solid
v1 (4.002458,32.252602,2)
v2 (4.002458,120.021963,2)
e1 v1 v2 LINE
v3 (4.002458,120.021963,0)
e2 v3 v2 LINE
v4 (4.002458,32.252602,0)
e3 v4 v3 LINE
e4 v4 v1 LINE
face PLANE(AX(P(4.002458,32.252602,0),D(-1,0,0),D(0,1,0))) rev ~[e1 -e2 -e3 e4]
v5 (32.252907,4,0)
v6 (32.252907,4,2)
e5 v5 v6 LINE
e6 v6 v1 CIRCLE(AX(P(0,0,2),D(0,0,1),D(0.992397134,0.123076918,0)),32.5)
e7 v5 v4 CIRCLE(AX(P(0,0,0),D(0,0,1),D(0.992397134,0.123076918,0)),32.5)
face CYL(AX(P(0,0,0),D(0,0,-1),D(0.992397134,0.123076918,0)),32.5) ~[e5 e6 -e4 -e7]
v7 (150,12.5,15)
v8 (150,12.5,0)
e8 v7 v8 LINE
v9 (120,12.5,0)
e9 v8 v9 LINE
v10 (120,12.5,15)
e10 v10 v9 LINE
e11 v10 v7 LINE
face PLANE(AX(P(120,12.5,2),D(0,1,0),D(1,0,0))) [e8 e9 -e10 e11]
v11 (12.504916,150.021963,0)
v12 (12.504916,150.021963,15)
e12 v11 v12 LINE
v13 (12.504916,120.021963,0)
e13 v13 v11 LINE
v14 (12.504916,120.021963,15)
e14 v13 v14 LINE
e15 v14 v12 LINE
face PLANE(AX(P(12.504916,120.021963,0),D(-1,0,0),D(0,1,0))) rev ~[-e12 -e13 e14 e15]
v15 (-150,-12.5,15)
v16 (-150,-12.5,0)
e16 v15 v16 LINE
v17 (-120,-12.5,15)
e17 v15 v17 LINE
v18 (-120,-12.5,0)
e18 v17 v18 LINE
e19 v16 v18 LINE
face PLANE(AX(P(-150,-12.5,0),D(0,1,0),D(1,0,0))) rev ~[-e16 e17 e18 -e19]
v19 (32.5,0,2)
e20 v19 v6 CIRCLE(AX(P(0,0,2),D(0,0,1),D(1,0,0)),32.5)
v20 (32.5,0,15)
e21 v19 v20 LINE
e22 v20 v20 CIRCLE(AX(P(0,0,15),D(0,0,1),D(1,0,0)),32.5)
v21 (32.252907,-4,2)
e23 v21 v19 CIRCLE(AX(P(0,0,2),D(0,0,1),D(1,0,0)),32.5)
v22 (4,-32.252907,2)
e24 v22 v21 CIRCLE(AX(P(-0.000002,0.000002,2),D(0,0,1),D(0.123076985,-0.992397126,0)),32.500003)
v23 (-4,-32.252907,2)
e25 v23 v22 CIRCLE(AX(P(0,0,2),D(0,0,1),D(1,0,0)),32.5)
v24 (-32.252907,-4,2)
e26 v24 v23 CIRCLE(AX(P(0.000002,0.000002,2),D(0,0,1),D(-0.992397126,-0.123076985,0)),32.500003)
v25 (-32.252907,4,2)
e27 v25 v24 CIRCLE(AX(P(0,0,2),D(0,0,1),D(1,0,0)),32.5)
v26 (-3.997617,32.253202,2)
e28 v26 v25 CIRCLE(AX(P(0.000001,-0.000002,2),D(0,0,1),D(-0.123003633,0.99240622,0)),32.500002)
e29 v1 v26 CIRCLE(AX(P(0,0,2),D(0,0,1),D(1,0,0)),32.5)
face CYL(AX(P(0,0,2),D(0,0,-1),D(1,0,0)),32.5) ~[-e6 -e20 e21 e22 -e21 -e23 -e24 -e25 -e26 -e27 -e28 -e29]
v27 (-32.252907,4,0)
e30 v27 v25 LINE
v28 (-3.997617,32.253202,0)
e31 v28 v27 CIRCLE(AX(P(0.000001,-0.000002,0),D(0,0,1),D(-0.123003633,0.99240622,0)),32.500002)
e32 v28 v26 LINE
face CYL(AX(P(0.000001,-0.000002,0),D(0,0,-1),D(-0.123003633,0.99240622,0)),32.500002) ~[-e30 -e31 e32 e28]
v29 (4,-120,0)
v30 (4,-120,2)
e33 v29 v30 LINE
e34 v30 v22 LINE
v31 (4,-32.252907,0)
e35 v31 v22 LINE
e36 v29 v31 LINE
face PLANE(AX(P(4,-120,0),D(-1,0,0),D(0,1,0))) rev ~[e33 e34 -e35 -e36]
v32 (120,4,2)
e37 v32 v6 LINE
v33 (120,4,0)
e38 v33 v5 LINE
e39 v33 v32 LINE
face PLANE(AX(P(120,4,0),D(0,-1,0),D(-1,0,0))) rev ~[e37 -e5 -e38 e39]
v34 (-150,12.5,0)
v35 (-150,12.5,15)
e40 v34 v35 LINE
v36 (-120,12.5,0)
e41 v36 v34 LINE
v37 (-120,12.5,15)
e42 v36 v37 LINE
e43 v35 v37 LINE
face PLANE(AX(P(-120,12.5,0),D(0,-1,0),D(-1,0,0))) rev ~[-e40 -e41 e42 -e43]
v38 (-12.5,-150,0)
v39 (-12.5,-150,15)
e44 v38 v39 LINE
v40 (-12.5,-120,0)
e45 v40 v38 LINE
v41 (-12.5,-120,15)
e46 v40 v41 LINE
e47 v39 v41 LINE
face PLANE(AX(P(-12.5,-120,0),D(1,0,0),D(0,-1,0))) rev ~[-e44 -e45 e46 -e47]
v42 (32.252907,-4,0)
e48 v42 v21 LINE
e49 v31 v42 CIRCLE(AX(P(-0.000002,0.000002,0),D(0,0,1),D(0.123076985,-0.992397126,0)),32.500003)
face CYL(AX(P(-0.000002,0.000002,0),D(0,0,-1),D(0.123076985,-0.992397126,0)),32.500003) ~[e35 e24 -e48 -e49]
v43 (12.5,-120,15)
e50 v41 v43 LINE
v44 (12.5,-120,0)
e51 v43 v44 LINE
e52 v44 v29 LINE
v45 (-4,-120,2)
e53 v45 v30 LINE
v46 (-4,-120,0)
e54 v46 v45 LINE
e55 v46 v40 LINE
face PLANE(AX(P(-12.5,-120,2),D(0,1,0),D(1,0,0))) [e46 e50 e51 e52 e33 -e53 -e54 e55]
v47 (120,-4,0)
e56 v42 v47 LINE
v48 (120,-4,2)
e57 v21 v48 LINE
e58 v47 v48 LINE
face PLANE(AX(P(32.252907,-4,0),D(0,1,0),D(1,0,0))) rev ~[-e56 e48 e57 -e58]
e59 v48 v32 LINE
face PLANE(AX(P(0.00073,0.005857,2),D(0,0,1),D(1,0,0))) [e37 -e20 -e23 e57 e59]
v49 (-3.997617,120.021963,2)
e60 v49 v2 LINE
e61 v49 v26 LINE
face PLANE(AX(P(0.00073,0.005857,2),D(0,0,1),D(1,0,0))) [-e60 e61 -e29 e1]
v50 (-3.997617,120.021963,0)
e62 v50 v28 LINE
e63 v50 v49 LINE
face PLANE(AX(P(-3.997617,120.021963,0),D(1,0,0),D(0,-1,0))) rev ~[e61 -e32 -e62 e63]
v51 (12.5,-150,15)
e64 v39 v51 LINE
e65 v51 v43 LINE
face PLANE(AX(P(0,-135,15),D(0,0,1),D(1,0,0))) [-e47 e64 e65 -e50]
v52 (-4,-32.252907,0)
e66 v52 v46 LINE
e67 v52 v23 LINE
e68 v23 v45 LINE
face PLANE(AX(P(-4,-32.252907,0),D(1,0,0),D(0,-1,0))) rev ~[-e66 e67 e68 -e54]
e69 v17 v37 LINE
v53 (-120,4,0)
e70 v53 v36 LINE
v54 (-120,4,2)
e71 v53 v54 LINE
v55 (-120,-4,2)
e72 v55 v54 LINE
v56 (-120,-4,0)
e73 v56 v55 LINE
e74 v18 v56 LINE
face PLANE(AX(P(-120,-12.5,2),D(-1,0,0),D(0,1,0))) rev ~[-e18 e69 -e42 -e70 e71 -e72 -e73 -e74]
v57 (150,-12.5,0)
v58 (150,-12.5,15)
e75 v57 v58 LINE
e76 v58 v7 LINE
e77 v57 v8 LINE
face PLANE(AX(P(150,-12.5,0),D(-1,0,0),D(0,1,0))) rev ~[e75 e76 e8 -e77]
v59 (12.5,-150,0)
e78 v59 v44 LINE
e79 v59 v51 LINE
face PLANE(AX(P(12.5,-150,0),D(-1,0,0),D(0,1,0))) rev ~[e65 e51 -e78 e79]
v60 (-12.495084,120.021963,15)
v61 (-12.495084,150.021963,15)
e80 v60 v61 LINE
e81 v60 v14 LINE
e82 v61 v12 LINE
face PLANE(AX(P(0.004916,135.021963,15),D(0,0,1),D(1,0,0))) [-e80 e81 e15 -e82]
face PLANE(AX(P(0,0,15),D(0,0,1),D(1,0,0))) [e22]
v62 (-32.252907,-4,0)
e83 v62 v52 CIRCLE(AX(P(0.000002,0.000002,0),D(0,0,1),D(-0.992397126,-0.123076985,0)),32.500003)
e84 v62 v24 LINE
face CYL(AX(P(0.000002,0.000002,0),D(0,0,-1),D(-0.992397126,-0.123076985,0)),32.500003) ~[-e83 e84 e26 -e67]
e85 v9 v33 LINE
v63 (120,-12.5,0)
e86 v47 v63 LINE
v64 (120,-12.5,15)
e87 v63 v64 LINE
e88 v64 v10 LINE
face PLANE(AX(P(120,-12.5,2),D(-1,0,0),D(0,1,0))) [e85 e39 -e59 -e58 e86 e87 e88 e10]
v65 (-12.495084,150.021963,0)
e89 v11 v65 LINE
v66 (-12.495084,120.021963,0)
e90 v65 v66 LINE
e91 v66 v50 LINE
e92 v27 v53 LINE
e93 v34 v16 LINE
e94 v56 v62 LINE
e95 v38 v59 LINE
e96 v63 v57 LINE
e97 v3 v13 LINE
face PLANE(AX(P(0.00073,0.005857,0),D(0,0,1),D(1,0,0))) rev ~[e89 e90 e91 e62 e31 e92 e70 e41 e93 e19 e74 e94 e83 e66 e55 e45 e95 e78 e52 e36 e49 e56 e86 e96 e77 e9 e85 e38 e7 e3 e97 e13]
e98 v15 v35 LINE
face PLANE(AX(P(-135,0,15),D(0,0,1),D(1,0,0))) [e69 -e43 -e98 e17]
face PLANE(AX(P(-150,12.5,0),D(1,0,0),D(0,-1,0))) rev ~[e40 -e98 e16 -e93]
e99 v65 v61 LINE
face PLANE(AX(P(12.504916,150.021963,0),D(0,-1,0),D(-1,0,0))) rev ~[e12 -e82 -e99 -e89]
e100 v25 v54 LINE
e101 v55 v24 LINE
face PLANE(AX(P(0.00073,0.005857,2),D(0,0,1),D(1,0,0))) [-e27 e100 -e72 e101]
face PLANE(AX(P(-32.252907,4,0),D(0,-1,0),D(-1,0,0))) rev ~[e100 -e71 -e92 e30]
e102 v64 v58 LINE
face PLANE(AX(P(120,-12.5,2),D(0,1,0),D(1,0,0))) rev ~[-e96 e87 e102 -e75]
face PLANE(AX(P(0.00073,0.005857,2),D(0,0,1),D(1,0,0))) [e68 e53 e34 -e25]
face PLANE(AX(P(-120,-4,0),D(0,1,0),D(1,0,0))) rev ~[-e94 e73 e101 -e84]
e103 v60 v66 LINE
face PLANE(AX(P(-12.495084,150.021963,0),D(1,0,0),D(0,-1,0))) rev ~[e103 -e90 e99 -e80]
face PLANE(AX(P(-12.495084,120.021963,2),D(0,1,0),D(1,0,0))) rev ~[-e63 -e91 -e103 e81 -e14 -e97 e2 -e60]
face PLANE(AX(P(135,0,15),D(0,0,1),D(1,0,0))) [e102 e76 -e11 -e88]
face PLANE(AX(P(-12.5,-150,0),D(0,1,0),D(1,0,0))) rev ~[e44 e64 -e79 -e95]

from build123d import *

# Parameters (mm, degrees)
F1_DEPTH = 2
F2_R     = 32.5
F2_W     = 30
F2_H     = 25
F2_W_2   = 25
F2_H_2   = 30
F3_DEPTH = 13


with BuildPart() as f1:
    # F0 (on Top) → F1 (new body)
    with BuildSketch(Plane.XY):
        with BuildLine():
            Line((-150, -12.5), (-120, -12.5))
            Line((-120, -12.5), (-120, -4))
            Line((-120, -4), (-32.252907, -4))
            ThreePointArc((-32.252907, -4), (-22.98097, -22.98097), (-4, -32.252907))
            Line((-4, -32.252907), (-4, -120))
            Line((-4, -120), (-12.5, -120))
            Line((-12.5, -120), (-12.5, -150))
            Line((-12.5, -150), (12.5, -150))
            Line((12.5, -150), (12.5, -120))
            Line((12.5, -120), (4, -120))
            Line((4, -120), (4, -32.252907))
            ThreePointArc((4, -32.252907), (22.98097, -22.98097), (32.252907, -4))
            Line((32.252907, -4), (120, -4))
            Line((120, -4), (120, -12.5))
            Line((120, -12.5), (150, -12.5))
            Line((150, -12.5), (150, 12.5))
            Line((150, 12.5), (120, 12.5))
            Line((120, 12.5), (120, 4))
            Line((120, 4), (32.252907, 4))
            ThreePointArc((32.252907, 4), (22.981846, 22.980095), (4.002458, 32.252602))
            Line((4.002458, 32.252602), (4.002458, 120.021963))
            Line((4.002458, 120.021963), (12.504916, 120.021963))
            Line((12.504916, 120.021963), (12.504916, 150.021963))
            Line((12.504916, 150.021963), (-12.495084, 150.021963))
            Line((-12.495084, 150.021963), (-12.495084, 120.021963))
            Line((-12.495084, 120.021963), (-3.997617, 120.021963))
            Line((-3.997617, 120.021963), (-3.997617, 32.253202))
            ThreePointArc((-3.997617, 32.253202), (-22.980121, 22.981819), (-32.252907, 4))
            Line((-32.252907, 4), (-120, 4))
            Line((-120, 4), (-120, 12.5))
            Line((-120, 12.5), (-150, 12.5))
            Line((-150, 12.5), (-150, -12.5))
        make_face()
    extrude(amount=F1_DEPTH)

    # F2 (on face) → F3 (join)
    with BuildSketch(Plane.XY.offset(2)):
        Circle(F2_R)
        with Locations((-135, 0)):
            Rectangle(F2_W, F2_H)
        with Locations((0, -135)):
            Rectangle(F2_W_2, F2_H_2)
        with Locations((135, 0)):
            Rectangle(F2_W, F2_H)
        with Locations((0.004916, 135.021963)):
            Rectangle(F2_W_2, F2_H_2)
    extrude(amount=F3_DEPTH)


solid = f1.part
